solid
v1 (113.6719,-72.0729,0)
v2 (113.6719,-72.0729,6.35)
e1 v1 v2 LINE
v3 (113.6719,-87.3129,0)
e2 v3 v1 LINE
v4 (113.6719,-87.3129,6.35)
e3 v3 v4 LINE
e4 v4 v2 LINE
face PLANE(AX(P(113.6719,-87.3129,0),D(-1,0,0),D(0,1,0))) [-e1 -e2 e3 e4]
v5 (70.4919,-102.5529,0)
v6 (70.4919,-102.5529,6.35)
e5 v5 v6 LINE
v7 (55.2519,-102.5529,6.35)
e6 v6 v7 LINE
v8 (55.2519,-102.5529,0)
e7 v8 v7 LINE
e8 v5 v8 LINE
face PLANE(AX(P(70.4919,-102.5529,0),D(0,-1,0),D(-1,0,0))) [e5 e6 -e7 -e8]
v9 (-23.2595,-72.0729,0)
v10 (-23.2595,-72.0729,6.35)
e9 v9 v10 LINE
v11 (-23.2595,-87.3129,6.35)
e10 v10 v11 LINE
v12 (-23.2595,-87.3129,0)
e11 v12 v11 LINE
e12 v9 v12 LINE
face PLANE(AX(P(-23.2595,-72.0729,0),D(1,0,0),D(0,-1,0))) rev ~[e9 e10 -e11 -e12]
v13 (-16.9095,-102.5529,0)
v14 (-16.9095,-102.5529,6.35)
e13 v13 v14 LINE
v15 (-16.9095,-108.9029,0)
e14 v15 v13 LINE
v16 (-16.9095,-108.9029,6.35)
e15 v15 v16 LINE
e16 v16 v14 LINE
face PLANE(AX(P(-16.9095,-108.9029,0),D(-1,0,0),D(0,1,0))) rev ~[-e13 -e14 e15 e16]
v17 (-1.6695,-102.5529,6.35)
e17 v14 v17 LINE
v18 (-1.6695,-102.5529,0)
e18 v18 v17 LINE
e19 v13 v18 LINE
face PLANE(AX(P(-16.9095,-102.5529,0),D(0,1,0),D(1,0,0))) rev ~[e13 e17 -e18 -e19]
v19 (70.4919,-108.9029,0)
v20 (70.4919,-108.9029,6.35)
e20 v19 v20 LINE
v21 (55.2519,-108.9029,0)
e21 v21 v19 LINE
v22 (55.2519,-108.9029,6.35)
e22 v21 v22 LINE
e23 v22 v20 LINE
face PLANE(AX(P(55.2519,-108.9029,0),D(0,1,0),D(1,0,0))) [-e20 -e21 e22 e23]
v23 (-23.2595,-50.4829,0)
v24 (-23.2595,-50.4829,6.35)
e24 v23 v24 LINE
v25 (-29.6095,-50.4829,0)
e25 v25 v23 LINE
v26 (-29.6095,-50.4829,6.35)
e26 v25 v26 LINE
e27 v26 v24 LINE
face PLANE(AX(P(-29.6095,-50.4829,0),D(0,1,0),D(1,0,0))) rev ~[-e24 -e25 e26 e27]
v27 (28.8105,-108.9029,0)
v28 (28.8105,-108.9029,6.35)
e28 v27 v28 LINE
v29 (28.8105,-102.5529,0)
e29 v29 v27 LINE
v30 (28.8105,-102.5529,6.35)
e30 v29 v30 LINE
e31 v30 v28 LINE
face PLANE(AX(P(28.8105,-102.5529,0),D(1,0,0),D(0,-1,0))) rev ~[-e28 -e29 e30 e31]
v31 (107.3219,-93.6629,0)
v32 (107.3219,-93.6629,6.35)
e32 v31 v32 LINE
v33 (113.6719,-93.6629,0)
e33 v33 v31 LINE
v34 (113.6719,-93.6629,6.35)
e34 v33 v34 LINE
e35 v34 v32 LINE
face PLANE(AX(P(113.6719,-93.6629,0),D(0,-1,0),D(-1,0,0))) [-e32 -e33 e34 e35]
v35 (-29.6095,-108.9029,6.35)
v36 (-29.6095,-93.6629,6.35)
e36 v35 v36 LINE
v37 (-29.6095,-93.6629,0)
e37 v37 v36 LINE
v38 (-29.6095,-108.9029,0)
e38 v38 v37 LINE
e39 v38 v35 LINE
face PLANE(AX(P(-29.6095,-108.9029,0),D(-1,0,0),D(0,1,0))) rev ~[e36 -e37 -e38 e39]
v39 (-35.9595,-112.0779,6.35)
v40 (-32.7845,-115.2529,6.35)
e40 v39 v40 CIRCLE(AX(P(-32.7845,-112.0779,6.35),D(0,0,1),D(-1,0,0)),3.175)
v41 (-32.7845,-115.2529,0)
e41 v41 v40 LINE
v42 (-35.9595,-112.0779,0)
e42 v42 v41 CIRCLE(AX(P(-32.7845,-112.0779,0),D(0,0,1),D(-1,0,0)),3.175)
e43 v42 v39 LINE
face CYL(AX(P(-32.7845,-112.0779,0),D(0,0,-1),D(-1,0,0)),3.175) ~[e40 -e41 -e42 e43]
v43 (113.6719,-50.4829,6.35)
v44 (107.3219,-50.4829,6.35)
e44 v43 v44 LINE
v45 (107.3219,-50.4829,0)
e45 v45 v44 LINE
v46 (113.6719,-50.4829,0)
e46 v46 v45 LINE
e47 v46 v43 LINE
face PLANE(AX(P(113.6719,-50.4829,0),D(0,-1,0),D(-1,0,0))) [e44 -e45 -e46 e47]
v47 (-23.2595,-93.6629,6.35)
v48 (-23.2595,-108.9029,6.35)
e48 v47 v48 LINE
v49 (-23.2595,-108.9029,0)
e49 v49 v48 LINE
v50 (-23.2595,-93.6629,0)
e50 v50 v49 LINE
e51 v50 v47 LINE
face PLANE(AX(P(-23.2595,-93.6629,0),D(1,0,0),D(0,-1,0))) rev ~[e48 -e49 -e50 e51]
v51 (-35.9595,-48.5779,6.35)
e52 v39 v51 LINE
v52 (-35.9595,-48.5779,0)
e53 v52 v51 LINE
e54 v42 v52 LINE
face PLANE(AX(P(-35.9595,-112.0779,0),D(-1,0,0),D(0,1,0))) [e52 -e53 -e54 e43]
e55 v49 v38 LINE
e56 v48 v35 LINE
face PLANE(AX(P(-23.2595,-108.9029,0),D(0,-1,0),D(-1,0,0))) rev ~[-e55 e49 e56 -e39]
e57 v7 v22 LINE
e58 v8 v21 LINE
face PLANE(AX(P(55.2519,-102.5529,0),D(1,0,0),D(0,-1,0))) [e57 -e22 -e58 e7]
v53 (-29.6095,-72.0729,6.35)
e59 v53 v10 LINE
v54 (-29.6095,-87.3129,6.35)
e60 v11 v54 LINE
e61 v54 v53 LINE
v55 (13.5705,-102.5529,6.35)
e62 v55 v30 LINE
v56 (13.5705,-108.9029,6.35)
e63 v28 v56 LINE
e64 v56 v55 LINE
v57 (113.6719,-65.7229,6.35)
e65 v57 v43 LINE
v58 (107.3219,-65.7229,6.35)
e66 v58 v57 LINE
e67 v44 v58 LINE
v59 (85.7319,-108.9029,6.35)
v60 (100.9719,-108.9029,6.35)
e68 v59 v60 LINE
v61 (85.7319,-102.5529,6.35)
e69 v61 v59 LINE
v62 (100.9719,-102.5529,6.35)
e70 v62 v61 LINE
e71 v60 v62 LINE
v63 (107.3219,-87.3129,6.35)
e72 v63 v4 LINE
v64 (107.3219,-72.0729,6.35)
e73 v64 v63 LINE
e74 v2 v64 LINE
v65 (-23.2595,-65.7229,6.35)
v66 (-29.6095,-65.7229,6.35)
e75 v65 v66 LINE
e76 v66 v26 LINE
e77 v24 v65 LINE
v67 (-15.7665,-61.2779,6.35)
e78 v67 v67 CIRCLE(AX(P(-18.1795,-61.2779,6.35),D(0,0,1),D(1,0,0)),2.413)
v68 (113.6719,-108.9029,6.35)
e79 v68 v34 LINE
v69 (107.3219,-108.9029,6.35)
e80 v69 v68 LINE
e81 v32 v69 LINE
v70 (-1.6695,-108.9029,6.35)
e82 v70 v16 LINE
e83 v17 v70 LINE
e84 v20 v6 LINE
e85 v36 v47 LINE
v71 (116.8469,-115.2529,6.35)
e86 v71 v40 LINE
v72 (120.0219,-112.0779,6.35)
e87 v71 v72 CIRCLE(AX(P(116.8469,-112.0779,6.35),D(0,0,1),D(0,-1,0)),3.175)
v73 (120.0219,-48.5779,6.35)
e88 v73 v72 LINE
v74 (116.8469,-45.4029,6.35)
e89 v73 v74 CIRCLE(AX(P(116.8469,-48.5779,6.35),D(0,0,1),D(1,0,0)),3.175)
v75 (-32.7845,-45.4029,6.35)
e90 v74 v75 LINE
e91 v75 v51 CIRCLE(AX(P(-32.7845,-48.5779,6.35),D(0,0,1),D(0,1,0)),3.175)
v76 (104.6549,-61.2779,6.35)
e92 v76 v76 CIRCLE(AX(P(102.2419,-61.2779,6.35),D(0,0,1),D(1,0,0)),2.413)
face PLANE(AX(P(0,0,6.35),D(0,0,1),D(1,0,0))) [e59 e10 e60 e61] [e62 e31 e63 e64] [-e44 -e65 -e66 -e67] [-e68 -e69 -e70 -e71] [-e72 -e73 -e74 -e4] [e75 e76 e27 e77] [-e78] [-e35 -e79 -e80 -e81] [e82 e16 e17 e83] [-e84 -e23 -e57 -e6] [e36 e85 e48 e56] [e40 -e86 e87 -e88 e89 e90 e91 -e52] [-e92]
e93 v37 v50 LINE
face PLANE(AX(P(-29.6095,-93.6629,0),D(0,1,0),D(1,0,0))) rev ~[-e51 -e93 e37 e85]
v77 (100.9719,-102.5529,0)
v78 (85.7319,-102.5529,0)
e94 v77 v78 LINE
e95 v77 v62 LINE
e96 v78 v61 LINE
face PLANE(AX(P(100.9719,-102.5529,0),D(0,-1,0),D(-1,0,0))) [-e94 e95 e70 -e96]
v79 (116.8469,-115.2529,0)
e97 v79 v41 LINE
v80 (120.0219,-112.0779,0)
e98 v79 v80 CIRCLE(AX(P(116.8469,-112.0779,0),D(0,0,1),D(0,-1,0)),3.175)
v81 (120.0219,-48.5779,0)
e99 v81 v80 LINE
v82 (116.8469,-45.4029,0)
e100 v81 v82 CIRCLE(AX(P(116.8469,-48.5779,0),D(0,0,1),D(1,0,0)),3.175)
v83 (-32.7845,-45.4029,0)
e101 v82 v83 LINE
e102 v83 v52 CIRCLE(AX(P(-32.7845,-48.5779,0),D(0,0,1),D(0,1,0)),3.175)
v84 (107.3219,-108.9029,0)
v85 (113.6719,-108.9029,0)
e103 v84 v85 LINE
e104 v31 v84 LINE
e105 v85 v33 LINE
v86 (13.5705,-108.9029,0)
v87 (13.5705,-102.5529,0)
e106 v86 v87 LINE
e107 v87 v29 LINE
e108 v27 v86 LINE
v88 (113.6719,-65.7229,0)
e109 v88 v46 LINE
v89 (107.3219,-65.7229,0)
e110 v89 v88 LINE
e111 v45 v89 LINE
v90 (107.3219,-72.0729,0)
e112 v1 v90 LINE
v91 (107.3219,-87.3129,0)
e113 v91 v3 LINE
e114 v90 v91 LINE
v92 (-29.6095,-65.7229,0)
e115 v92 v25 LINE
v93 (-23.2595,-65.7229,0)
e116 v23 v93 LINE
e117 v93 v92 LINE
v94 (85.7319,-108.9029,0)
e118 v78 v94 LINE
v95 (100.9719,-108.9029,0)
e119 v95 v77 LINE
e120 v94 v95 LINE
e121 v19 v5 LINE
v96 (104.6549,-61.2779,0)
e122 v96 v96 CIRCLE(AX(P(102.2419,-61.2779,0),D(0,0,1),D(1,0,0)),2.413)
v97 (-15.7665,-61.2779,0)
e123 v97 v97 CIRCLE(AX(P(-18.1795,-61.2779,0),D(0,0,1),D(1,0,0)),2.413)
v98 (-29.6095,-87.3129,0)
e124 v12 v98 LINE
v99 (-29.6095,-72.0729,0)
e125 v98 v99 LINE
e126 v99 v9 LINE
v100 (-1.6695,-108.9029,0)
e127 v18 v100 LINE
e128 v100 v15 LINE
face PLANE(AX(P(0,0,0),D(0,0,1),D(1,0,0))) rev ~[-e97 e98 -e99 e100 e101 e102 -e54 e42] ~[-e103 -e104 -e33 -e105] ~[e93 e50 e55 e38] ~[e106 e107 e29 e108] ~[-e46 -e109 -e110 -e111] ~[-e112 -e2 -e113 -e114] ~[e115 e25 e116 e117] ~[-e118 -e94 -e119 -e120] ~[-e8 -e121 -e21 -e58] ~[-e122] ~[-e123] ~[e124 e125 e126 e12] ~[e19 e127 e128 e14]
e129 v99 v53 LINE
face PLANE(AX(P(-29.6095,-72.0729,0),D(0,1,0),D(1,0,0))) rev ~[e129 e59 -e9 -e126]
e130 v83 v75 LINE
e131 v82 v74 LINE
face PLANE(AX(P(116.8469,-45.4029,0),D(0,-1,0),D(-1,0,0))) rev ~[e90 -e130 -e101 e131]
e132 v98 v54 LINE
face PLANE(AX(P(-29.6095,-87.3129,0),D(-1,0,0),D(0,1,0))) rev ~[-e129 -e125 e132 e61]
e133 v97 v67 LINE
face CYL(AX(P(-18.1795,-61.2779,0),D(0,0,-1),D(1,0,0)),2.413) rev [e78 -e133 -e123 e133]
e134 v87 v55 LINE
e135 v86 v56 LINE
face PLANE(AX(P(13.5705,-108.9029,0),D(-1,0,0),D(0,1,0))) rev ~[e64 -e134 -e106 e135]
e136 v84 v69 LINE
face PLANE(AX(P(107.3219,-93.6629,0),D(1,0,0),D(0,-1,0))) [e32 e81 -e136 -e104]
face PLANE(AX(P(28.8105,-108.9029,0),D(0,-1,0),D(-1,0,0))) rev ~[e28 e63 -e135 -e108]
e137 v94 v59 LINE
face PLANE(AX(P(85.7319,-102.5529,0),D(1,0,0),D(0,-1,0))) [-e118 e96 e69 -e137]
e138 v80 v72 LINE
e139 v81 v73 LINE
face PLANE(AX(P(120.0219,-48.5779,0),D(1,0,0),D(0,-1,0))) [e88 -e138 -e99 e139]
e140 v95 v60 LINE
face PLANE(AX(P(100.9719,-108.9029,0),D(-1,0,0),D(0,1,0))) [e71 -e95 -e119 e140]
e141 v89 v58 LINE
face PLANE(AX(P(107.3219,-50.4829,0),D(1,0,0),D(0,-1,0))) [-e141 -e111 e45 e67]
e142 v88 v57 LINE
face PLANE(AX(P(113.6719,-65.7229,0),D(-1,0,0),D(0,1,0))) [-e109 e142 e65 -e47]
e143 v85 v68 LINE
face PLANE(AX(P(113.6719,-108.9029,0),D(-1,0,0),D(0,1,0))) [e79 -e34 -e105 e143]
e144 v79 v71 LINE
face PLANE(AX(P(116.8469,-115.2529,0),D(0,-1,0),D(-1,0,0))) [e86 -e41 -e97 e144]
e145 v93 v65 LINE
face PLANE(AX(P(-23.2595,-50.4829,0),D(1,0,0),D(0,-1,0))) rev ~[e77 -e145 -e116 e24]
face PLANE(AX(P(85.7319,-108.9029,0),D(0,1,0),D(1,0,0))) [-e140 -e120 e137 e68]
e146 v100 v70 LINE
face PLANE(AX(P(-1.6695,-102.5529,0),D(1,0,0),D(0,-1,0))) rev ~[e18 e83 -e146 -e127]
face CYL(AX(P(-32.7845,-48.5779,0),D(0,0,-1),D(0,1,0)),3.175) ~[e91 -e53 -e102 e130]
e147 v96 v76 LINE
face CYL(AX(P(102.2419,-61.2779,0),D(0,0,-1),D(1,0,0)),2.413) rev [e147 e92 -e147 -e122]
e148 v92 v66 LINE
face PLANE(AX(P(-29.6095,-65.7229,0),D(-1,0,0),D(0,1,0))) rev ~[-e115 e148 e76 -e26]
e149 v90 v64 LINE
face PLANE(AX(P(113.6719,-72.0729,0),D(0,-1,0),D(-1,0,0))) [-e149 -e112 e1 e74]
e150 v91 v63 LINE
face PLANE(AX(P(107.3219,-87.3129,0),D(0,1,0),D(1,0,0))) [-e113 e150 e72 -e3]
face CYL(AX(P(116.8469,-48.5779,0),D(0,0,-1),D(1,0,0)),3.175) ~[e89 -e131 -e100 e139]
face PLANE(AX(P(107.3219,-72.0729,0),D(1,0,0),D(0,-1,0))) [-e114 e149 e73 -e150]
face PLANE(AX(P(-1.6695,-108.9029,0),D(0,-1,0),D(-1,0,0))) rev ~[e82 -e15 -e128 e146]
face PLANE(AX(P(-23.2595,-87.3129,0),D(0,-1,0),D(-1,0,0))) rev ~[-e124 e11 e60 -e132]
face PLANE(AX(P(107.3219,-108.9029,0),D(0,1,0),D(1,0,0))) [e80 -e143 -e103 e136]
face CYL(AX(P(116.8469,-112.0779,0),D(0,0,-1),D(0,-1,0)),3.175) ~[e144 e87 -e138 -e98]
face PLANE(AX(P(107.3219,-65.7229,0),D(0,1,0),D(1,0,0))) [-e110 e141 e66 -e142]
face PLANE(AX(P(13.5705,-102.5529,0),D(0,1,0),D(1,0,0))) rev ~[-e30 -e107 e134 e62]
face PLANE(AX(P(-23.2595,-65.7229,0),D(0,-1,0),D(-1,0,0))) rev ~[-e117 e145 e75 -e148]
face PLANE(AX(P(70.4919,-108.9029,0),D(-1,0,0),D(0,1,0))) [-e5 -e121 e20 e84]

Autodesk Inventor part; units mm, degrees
ref_plane "YZ Plane" through (0, 0, 0) normal (1, 0, 0) x (0, 1, 0)
ref_plane "XZ Plane" through (0, 0, 0) normal (0, 1, 0) x (-1, 0, 0)
ref_plane "XY Plane" through (0, 0, 0) normal (0, 0, 1) x (1, 0, 0)
sketch "Sketch1" plane through (0, 0, 0) normal (0, 0, 1) x (1, 0, 0)
  circle A0 centre (-18.1795, -61.2779) radius 2.413
  circle A1 centre (102.2419, -61.2779) radius 2.413
  line L0 (-23.2595, -45.4029) -> (-23.2595, -64.9896) construction
  line L1 (107.3219, -48.5779) -> (107.3219, -70.0812) construction
  line L2 (116.8469, -45.4029) -> (-32.7845, -45.4029)
  line L3 (120.0219, -48.5779) -> (120.0219, -112.0779)
  line L4 (116.8469, -115.2529) -> (-32.7845, -115.2529)
  line L5 (-35.9595, -112.0779) -> (-35.9595, -48.5779)
  arc A2 (-32.7845, -45.4029) -> (-35.9595, -48.5779) centre (-32.7845, -48.5779) ccw
  arc A3 (-35.9595, -112.0779) -> (-32.7845, -115.2529) centre (-32.7845, -112.0779) ccw
  arc A4 (116.8469, -115.2529) -> (120.0219, -112.0779) centre (116.8469, -112.0779) ccw
  arc A5 (120.0219, -48.5779) -> (116.8469, -45.4029) centre (116.8469, -48.5779) ccw
  line L6 (-29.6095, -50.4829) -> (-23.2595, -50.4829)
  line L7 (-23.2595, -50.4829) -> (-23.2595, -65.7229)
  line L8 (-23.2595, -65.7229) -> (-29.6095, -65.7229)
  line L9 (-29.6095, -65.7229) -> (-29.6095, -50.4829)
  line L10 (-29.6095, -72.0729) -> (-23.2595, -72.0729)
  line L11 (-23.2595, -72.0729) -> (-23.2595, -87.3129)
  line L12 (-23.2595, -87.3129) -> (-29.6095, -87.3129)
  line L13 (-29.6095, -87.3129) -> (-29.6095, -72.0729)
  line L14 (-29.6095, -93.6629) -> (-23.2595, -93.6629)
  line L15 (-23.2595, -93.6629) -> (-23.2595, -108.9029)
  line L16 (-23.2595, -108.9029) -> (-29.6095, -108.9029)
  line L17 (-29.6095, -108.9029) -> (-29.6095, -93.6629)
  line L18 (42.0312, -45.4029) -> (42.0312, -115.2529) construction
  line L19 (113.6719, -50.4829) -> (107.3219, -50.4829)
  line L20 (107.3219, -50.4829) -> (107.3219, -65.7229)
  line L21 (107.3219, -65.7229) -> (113.6719, -65.7229)
  line L22 (113.6719, -65.7229) -> (113.6719, -50.4829)
  line L23 (113.6719, -72.0729) -> (107.3219, -72.0729)
  line L24 (107.3219, -72.0729) -> (107.3219, -87.3129)
  line L25 (107.3219, -87.3129) -> (113.6719, -87.3129)
  line L26 (113.6719, -87.3129) -> (113.6719, -72.0729)
  line L27 (113.6719, -93.6629) -> (107.3219, -93.6629)
  line L28 (107.3219, -93.6629) -> (107.3219, -108.9029)
  line L29 (107.3219, -108.9029) -> (113.6719, -108.9029)
  line L30 (113.6719, -108.9029) -> (113.6719, -93.6629)
  line L31 (-16.9095, -102.5529) -> (-1.6695, -102.5529)
  line L32 (-1.6695, -102.5529) -> (-1.6695, -108.9029)
  line L33 (-1.6695, -108.9029) -> (-16.9095, -108.9029)
  line L34 (-16.9095, -108.9029) -> (-16.9095, -102.5529)
  line L35 (13.5705, -102.5529) -> (28.8105, -102.5529)
  line L36 (28.8105, -102.5529) -> (28.8105, -108.9029)
  line L37 (28.8105, -108.9029) -> (13.5705, -108.9029)
  line L38 (13.5705, -108.9029) -> (13.5705, -102.5529)
  line L39 (100.9719, -102.5529) -> (85.7319, -102.5529)
  line L40 (85.7319, -102.5529) -> (85.7319, -108.9029)
  line L41 (85.7319, -108.9029) -> (100.9719, -108.9029)
  line L42 (100.9719, -108.9029) -> (100.9719, -102.5529)
  line L43 (70.4919, -102.5529) -> (55.2519, -102.5529)
  line L44 (55.2519, -102.5529) -> (55.2519, -108.9029)
  line L45 (55.2519, -108.9029) -> (70.4919, -108.9029)
  line L46 (70.4919, -108.9029) -> (70.4919, -102.5529)
  point P0 (0, 0)
  point P1 (-35.9595, -45.4029)
  point P2 (-35.9595, -115.2529)
  point P3 (107.3219, -64.9896)
  dimension "d3" = 4.826
  dimension "d4" = 4.826
  dimension "d7" = 120.4214
  dimension "d8" = 5.08
  dimension "d9" = 5.08
  dimension "d18" = 15.875
  dimension "d19" = 15.875
  dimension "d20" = 90
  dimension "d21" = 12.7
  dimension "d22" = 155.9814
  dimension "d23" = 69.85
  dimension "d24" = 3.175
  dimension "d25" = 6.35
  dimension "d26" = 6.35
  dimension "d27" = 15.24
  dimension "d28" = 15.24
  dimension "d29" = 15.24
  dimension "d30" = 6.35
  dimension "d31" = 6.35
  dimension "d32" = 6.35
  dimension "d37" = 15.24
  dimension "d38" = 15.24
  dimension "d40" = 6.35
  dimension "d41" = 15.24
  dimension "d50" = 6.35
extrude "Extrusion5" add sketch "Sketch1" along normal blind 6.35
equation "\"d4\" = d3"
equation "\"d19\" = d18"
equation "\"d22\" = 2 * d21 + d7 + d9 + d8"
equation "\"d28\" = d27"
equation "\"d29\" = d27"
equation "\"d31\" = d30"
equation "\"d32\" = d30"
equation "\"d37\" = d27"
equation "\"d38\" = d27"
equation "\"d40\" = d30"
properties part number "Tester Cheek NPE" material "UHMW, Black"
